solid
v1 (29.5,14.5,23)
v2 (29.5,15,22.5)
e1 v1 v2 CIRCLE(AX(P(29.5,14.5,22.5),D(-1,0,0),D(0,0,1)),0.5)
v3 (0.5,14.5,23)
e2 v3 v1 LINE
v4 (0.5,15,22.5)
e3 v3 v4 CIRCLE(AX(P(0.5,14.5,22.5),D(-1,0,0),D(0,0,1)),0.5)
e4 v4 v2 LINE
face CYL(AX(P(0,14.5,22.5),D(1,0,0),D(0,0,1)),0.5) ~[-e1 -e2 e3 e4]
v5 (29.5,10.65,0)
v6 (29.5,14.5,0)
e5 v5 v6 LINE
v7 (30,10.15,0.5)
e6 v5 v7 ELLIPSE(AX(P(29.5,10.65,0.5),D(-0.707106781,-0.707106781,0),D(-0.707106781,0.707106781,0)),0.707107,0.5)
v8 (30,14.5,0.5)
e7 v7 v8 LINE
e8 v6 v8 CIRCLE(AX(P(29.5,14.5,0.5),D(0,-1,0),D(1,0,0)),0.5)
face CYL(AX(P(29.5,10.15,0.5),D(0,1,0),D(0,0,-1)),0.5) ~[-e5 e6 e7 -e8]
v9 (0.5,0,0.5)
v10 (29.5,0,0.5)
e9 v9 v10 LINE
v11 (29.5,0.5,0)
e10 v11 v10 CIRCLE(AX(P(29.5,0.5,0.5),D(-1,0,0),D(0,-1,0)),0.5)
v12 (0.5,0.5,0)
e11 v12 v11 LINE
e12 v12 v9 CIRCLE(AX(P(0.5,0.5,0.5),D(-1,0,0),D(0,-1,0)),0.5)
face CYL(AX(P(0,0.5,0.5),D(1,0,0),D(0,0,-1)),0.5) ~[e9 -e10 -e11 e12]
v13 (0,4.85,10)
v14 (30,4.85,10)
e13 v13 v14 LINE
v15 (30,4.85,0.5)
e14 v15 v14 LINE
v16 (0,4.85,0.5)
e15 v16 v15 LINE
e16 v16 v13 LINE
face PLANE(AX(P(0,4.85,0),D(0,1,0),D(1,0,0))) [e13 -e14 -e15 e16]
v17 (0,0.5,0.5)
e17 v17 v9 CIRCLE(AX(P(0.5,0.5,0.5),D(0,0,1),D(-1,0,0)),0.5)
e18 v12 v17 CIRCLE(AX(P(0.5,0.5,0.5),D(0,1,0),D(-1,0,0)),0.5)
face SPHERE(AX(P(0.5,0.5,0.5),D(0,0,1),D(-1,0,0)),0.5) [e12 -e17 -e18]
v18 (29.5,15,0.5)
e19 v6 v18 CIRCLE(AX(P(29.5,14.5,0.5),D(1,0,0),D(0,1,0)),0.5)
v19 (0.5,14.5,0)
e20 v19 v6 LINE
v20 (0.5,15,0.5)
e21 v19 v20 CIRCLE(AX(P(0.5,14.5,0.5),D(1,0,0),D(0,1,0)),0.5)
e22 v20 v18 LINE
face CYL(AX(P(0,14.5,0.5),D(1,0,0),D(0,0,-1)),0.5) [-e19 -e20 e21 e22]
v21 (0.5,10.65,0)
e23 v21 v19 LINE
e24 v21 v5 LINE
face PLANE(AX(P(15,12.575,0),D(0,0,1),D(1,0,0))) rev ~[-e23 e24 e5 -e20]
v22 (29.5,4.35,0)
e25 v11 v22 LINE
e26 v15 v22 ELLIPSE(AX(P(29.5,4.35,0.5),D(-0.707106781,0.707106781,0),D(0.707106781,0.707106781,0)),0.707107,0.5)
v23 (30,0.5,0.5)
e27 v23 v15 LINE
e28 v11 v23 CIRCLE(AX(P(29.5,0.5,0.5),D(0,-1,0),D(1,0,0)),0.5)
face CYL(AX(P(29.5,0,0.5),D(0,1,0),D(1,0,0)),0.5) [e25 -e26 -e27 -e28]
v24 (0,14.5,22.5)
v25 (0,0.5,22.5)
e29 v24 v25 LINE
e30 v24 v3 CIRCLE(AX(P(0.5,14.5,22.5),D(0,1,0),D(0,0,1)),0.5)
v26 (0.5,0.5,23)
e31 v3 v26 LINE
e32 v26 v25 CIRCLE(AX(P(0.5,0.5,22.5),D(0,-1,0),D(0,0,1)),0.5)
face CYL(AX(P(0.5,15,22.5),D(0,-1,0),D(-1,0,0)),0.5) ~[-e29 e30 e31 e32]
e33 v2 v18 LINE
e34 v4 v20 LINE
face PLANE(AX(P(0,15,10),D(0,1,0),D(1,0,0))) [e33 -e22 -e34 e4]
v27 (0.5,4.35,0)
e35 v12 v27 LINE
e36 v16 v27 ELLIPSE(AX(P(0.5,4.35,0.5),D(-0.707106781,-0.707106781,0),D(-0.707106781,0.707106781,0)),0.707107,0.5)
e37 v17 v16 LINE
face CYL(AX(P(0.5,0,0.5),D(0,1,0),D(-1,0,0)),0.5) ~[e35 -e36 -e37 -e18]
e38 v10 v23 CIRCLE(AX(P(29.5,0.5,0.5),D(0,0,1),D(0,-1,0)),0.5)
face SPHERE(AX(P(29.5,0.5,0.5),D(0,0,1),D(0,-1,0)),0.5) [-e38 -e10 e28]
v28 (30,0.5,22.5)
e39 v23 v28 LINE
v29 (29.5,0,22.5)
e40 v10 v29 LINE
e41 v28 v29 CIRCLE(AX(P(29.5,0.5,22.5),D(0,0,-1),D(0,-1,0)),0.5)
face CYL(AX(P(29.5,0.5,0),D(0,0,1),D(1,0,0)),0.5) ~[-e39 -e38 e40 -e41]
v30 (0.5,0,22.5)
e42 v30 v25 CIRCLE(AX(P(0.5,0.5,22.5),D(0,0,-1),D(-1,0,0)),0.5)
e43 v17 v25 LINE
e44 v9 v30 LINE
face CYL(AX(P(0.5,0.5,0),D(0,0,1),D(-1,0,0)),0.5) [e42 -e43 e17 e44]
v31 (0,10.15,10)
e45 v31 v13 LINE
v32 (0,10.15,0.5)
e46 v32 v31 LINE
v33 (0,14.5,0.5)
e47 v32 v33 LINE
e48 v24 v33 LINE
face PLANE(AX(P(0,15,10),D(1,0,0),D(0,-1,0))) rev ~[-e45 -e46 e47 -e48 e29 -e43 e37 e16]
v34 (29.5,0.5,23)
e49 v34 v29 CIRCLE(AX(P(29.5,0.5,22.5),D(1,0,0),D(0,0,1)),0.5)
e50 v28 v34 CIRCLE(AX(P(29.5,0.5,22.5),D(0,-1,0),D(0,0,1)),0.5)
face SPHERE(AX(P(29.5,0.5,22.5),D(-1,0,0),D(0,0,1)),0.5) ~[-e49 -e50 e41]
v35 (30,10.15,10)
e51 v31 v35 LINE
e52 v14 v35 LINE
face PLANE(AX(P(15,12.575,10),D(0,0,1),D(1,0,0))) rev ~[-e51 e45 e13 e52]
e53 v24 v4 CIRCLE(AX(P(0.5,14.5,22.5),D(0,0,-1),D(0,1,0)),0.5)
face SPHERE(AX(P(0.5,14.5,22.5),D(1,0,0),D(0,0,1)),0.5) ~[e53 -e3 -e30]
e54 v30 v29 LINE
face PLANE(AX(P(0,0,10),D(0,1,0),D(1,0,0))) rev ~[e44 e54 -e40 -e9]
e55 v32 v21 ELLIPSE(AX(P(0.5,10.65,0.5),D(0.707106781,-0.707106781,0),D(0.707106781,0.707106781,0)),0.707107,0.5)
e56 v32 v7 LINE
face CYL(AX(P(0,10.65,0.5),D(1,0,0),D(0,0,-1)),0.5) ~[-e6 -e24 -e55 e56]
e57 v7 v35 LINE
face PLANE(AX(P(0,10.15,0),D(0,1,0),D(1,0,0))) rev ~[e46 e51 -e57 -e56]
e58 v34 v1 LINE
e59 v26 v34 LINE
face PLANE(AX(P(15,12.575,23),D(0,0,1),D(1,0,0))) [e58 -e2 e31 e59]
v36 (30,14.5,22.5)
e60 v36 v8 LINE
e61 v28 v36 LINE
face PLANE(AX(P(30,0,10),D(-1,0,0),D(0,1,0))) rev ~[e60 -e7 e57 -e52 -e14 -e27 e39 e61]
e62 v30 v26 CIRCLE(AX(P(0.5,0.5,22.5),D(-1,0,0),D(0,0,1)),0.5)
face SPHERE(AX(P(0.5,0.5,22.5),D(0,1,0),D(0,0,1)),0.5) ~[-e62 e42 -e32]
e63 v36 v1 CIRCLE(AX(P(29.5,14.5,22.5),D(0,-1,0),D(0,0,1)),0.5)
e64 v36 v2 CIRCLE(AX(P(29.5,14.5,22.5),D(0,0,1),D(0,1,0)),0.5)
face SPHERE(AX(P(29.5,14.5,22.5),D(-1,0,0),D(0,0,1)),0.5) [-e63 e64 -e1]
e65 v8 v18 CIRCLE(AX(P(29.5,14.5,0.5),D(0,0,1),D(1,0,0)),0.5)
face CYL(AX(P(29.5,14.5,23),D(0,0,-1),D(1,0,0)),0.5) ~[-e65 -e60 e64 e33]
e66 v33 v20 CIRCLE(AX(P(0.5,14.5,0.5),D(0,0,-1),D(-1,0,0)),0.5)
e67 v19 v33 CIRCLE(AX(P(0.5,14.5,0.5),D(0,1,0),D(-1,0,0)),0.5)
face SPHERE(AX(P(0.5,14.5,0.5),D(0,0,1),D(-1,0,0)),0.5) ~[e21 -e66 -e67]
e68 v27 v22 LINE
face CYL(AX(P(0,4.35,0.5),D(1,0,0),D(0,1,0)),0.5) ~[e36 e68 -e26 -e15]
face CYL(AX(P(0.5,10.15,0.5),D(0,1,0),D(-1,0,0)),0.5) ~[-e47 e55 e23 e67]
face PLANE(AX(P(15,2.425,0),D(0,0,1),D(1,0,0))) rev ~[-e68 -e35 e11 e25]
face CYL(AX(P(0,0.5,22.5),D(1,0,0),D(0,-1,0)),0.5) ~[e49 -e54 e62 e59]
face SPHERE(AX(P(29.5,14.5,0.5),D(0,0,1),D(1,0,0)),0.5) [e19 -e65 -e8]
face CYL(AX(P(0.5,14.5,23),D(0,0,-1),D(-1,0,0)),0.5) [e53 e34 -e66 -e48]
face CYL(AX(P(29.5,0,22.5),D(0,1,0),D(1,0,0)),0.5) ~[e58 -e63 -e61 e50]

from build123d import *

# Parameters (mm, degrees)
F0_W     = 30
F0_H     = 4.85
F1_DEPTH = 10
F2_W     = 30
F2_H     = 4.85
F2_H_2   = 10.15
F3_DEPTH = 13
F4_R     = 0.5


with BuildPart() as f1:
    # F0 (on Top) → F1 (new body)
    with BuildSketch(Plane.XY):
        with Locations((15, 12.575)):
            Rectangle(F0_W, F0_H)
    extrude(amount=F1_DEPTH)



with BuildPart() as f1b:
    # F0 (on Top) → F1, piece 2 (new body)
    with BuildSketch(Plane.XY):
        with Locations((15, 2.425)):
            Rectangle(F0_W, F0_H)
    extrude(amount=F1_DEPTH)


with BuildPart() as f1_1:
    add(f1.part)

    add(f1b.part)  # F3 merges F1b
    # F2 (on face) → F3 (join)
    with BuildSketch(Plane.XY.offset(10)):
        with Locations((15, 12.575)):
            Rectangle(F2_W, F2_H)
        with Locations((15, 5.075)):
            Rectangle(F2_W, F2_H_2)
    extrude(amount=F3_DEPTH)

    # F4
    f4_edges = [f1_1.edges().sort_by_distance(p)[0] for p in [
        (15, 15, 23),
        (0, 7.5, 23),
        (15, 0, 23),
        (30, 7.5, 23),
        (0, 15, 11.5),
        (30, 15, 11.5),
        (30, 0, 11.5),
        (0, 0, 11.5),
        (0, 2.425, 0),
        (15, 0, 0),
        (30, 2.425, 0),
        (15, 4.85, 0),
        (0, 12.575, 0),
        (30, 12.575, 0),
        (15, 10.15, 0),
        (15, 15, 0),
    ]]
    fillet(f4_edges, radius=F4_R)


solid = f1_1.part
